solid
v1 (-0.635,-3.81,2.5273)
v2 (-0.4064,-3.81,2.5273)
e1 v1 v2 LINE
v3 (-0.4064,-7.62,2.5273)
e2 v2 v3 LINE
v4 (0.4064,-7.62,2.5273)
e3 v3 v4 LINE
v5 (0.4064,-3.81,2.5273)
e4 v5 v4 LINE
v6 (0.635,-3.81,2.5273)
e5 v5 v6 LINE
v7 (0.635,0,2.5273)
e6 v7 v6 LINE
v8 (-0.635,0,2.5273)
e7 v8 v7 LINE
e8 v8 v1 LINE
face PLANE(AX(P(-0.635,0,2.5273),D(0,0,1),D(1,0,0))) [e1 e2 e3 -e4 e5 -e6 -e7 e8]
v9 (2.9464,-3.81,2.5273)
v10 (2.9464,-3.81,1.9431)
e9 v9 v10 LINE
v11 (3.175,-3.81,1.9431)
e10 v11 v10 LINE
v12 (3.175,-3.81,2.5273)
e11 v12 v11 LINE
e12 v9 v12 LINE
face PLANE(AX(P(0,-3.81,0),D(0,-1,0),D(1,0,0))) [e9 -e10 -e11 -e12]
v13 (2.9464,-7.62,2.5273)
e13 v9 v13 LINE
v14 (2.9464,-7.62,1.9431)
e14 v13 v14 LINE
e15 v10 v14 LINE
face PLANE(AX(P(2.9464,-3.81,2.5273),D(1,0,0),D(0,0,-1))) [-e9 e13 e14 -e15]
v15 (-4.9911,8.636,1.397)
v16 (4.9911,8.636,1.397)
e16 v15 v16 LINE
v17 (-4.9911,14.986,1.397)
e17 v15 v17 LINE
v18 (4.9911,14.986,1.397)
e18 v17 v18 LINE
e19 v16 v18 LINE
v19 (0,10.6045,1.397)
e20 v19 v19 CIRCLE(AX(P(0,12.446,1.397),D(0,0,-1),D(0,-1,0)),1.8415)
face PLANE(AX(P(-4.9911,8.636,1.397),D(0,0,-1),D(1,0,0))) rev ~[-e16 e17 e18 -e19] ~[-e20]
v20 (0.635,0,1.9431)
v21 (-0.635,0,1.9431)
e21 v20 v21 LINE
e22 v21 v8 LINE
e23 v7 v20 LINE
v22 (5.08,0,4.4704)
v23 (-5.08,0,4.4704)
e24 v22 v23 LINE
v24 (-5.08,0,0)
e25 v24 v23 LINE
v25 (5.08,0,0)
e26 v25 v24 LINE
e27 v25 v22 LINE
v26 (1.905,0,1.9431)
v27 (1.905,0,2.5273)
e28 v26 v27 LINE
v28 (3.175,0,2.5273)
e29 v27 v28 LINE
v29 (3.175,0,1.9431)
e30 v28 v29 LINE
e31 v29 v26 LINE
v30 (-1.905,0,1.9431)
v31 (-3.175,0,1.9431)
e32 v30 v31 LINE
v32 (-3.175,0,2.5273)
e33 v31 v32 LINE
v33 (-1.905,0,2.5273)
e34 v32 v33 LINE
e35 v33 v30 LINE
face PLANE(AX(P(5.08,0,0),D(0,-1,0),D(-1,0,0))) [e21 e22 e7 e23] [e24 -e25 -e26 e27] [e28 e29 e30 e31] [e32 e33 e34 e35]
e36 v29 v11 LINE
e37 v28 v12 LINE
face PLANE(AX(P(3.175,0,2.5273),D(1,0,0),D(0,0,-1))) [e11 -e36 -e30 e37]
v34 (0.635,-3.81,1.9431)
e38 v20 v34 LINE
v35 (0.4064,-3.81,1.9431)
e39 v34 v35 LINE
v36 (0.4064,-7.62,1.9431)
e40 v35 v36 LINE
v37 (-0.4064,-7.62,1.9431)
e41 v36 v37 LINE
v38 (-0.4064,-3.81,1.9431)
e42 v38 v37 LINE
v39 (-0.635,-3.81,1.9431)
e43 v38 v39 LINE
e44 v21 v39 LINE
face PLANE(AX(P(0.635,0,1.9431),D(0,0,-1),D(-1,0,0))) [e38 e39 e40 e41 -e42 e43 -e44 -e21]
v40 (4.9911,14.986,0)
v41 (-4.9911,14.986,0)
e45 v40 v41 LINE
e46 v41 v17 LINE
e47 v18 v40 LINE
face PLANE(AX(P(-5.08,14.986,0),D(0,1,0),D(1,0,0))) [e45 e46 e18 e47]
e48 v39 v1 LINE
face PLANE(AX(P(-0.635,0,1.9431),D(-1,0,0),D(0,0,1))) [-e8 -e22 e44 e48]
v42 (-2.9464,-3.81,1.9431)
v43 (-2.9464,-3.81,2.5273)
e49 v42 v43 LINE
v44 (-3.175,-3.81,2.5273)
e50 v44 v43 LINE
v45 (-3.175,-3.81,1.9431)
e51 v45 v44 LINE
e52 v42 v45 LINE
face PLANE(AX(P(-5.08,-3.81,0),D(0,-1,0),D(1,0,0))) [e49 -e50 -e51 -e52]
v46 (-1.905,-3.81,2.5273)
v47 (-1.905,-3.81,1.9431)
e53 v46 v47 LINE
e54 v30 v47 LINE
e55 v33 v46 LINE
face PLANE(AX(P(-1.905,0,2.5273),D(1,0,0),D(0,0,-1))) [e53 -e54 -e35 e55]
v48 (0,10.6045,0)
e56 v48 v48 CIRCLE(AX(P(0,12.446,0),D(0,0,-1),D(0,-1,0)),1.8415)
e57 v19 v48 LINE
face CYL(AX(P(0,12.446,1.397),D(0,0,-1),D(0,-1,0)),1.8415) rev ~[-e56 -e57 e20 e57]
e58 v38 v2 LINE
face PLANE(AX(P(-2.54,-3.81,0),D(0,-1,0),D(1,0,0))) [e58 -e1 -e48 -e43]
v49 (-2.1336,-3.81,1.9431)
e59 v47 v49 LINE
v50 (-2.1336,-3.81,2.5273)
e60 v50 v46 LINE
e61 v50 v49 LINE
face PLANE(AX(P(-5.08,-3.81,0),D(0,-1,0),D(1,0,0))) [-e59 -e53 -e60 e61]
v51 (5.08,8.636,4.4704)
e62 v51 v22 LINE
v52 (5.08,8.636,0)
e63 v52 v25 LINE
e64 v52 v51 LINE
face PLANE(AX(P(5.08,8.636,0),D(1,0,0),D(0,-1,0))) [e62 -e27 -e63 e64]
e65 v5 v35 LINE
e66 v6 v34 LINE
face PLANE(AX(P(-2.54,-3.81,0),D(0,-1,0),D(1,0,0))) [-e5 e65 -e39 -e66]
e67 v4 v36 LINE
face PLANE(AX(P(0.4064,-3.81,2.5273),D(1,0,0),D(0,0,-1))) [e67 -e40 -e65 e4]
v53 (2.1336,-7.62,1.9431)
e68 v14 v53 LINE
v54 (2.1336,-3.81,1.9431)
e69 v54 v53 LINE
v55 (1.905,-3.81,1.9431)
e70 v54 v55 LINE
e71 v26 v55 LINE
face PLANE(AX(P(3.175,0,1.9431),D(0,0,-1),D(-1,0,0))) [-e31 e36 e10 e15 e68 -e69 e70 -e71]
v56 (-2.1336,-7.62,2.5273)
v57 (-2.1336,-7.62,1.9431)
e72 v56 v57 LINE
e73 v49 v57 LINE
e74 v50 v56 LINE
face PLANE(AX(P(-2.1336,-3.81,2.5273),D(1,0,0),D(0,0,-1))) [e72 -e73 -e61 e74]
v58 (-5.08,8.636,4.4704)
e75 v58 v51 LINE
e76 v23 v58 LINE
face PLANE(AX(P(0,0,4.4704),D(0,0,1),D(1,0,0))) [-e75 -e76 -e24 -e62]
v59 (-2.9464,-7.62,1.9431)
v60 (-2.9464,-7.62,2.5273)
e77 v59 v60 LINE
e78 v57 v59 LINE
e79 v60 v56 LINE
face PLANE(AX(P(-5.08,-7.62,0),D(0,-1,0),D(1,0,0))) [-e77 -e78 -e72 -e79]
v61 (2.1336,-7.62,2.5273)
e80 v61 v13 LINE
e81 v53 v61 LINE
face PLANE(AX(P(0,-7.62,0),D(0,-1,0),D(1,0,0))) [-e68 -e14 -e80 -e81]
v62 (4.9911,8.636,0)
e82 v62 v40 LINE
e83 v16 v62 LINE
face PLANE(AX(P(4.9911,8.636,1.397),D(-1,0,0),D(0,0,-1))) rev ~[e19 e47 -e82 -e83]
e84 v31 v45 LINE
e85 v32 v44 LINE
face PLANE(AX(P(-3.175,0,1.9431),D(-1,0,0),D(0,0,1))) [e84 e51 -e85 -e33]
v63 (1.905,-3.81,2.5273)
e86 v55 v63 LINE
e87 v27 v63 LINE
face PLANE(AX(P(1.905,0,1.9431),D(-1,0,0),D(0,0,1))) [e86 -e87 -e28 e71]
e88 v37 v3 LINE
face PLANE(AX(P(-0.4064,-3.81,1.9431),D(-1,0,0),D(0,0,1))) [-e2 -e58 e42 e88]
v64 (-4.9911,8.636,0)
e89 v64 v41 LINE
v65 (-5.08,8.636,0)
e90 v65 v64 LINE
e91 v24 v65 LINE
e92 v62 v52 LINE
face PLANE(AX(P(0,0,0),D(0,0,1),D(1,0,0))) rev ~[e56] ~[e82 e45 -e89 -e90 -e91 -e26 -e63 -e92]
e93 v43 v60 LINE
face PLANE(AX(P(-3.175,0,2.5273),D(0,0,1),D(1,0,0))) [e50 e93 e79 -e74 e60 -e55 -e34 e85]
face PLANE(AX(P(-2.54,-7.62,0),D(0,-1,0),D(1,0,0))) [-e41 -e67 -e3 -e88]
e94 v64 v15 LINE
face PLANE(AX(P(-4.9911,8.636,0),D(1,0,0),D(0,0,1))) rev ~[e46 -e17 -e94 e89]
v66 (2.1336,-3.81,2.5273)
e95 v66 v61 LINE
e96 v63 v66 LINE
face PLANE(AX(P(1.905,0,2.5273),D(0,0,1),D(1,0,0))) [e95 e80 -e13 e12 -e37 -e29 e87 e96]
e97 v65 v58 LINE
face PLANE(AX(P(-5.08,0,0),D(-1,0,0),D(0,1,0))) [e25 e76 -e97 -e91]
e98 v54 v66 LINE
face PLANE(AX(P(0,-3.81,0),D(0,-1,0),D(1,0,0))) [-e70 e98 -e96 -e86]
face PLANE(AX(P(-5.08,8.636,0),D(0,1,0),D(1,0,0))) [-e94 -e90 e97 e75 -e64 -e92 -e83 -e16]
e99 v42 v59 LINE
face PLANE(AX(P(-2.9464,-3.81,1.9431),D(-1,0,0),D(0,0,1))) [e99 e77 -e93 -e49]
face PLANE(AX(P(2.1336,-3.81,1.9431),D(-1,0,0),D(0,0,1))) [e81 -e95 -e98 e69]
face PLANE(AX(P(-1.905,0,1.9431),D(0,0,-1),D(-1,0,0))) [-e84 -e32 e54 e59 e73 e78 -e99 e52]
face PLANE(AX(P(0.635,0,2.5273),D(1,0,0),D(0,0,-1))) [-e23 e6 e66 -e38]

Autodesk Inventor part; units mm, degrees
ref_plane "YZ Plane" through (0, 0, 0) normal (1, 0, 0) x (0, 1, 0)
ref_plane "XZ Plane" through (0, 0, 0) normal (0, 1, 0) x (-1, 0, 0)
ref_plane "XY Plane" through (0, 0, 0) normal (0, 0, 1) x (1, 0, 0)
sketch "Sketch1" plane through (0, 0, 0) normal (0, 0, 1) x (1, 0, 0)
  line L0 (-5.08, 8.636) -> (5.08, 8.636)
  line L1 (5.08, 8.636) -> (5.08, 0)
  line L2 (5.08, 0) -> (-5.08, 0)
  line L3 (-5.08, 0) -> (-5.08, 8.636)
  point P0 (0, 0)
  point P1 (0, 0)
  dimension "d0" = 10.16
  dimension "d1" = 8.636
extrude "Extrusion1" add sketch "Sketch1" along normal blind 4.4704
sketch "Sketch2" plane through (-5.08, 8.636, 0) normal (0, 1, 0) x (1, 0, 0)
  line L0 (0.0889, -1.397) -> (10.0711, -1.397)
  line L1 (10.0711, -1.397) -> (10.0711, 0)
  line L2 (10.0711, 0) -> (0.0889, 0)
  line L3 (0.0889, 0) -> (0.0889, -1.397)
  line L4 (0, 0) -> (10.16, 0) projected
  point P0 (5.08, 0)
  dimension "d7" = 1.397
  dimension "d8" = 9.9822
extrude "Extrusion2" add sketch "Sketch2" along normal blind 6.35
sketch "Sketch3" plane through (-4.9911, 8.636, 1.397) normal (0, 0, 1) x (1, 0, 0)
  line L0 (9.9822, 6.35) -> (0, 6.35) projected
  line L1 (9.9822, 0) -> (9.9822, 6.35) projected
  line L2 (4.9911, 6.35) -> (4.9911, 1.588) construction
  point P0 (4.9911, 3.81)
  dimension "d9" = 2.54
hole "Hole1" at (0, 12.446, 1.397) direction (0, 0, -1) diameter 3.683 end through all
sketch "Sketch4" plane through (-5.08, 0, 0) normal (0, -1, 0) x (1, 0, 0)
  line L0 (0, 0) -> (0, 4.4704) projected
  line L1 (10.16, 0) -> (10.16, 4.4704) projected
  line L2 (0, 2.2352) -> (10.16, 2.2352) construction
  line L3 (1.905, 2.5273) -> (3.175, 2.5273)
  line L4 (3.175, 2.5273) -> (3.175, 1.9431)
  line L5 (3.175, 1.9431) -> (1.905, 1.9431)
  line L6 (1.905, 1.9431) -> (1.905, 2.5273)
  point P0 (1.905, 2.2352)
  dimension "d17" = 0.5842
  dimension "d18" = 1.27
  dimension "d19" = 1.905
extrude "Extrusion3" add sketch "Sketch4" along normal blind 3.81
sketch "Sketch5" plane through (-5.08, -3.81, 0) normal (0, -1, 0) x (1, 0, 0)
  line L0 (1.905, 2.5273) -> (3.175, 2.5273) projected
  line L1 (3.175, 1.9431) -> (1.905, 1.9431) projected
  line L2 (2.1336, 2.5273) -> (2.9464, 2.5273)
  line L3 (2.9464, 2.5273) -> (2.9464, 1.9431)
  line L4 (2.9464, 1.9431) -> (2.1336, 1.9431)
  line L5 (2.1336, 1.9431) -> (2.1336, 2.5273)
  point P0 (2.54, 1.9431)
  dimension "d22" = 0.8128
extrude "Extrusion4" add sketch "Sketch5" along normal blind 3.81
pattern_linear "Rectangular Pattern1" count 3 spacing 2.54 along (1, 0, 0) of "Extrusion4", "Extrusion3"
properties part number "Fet"
